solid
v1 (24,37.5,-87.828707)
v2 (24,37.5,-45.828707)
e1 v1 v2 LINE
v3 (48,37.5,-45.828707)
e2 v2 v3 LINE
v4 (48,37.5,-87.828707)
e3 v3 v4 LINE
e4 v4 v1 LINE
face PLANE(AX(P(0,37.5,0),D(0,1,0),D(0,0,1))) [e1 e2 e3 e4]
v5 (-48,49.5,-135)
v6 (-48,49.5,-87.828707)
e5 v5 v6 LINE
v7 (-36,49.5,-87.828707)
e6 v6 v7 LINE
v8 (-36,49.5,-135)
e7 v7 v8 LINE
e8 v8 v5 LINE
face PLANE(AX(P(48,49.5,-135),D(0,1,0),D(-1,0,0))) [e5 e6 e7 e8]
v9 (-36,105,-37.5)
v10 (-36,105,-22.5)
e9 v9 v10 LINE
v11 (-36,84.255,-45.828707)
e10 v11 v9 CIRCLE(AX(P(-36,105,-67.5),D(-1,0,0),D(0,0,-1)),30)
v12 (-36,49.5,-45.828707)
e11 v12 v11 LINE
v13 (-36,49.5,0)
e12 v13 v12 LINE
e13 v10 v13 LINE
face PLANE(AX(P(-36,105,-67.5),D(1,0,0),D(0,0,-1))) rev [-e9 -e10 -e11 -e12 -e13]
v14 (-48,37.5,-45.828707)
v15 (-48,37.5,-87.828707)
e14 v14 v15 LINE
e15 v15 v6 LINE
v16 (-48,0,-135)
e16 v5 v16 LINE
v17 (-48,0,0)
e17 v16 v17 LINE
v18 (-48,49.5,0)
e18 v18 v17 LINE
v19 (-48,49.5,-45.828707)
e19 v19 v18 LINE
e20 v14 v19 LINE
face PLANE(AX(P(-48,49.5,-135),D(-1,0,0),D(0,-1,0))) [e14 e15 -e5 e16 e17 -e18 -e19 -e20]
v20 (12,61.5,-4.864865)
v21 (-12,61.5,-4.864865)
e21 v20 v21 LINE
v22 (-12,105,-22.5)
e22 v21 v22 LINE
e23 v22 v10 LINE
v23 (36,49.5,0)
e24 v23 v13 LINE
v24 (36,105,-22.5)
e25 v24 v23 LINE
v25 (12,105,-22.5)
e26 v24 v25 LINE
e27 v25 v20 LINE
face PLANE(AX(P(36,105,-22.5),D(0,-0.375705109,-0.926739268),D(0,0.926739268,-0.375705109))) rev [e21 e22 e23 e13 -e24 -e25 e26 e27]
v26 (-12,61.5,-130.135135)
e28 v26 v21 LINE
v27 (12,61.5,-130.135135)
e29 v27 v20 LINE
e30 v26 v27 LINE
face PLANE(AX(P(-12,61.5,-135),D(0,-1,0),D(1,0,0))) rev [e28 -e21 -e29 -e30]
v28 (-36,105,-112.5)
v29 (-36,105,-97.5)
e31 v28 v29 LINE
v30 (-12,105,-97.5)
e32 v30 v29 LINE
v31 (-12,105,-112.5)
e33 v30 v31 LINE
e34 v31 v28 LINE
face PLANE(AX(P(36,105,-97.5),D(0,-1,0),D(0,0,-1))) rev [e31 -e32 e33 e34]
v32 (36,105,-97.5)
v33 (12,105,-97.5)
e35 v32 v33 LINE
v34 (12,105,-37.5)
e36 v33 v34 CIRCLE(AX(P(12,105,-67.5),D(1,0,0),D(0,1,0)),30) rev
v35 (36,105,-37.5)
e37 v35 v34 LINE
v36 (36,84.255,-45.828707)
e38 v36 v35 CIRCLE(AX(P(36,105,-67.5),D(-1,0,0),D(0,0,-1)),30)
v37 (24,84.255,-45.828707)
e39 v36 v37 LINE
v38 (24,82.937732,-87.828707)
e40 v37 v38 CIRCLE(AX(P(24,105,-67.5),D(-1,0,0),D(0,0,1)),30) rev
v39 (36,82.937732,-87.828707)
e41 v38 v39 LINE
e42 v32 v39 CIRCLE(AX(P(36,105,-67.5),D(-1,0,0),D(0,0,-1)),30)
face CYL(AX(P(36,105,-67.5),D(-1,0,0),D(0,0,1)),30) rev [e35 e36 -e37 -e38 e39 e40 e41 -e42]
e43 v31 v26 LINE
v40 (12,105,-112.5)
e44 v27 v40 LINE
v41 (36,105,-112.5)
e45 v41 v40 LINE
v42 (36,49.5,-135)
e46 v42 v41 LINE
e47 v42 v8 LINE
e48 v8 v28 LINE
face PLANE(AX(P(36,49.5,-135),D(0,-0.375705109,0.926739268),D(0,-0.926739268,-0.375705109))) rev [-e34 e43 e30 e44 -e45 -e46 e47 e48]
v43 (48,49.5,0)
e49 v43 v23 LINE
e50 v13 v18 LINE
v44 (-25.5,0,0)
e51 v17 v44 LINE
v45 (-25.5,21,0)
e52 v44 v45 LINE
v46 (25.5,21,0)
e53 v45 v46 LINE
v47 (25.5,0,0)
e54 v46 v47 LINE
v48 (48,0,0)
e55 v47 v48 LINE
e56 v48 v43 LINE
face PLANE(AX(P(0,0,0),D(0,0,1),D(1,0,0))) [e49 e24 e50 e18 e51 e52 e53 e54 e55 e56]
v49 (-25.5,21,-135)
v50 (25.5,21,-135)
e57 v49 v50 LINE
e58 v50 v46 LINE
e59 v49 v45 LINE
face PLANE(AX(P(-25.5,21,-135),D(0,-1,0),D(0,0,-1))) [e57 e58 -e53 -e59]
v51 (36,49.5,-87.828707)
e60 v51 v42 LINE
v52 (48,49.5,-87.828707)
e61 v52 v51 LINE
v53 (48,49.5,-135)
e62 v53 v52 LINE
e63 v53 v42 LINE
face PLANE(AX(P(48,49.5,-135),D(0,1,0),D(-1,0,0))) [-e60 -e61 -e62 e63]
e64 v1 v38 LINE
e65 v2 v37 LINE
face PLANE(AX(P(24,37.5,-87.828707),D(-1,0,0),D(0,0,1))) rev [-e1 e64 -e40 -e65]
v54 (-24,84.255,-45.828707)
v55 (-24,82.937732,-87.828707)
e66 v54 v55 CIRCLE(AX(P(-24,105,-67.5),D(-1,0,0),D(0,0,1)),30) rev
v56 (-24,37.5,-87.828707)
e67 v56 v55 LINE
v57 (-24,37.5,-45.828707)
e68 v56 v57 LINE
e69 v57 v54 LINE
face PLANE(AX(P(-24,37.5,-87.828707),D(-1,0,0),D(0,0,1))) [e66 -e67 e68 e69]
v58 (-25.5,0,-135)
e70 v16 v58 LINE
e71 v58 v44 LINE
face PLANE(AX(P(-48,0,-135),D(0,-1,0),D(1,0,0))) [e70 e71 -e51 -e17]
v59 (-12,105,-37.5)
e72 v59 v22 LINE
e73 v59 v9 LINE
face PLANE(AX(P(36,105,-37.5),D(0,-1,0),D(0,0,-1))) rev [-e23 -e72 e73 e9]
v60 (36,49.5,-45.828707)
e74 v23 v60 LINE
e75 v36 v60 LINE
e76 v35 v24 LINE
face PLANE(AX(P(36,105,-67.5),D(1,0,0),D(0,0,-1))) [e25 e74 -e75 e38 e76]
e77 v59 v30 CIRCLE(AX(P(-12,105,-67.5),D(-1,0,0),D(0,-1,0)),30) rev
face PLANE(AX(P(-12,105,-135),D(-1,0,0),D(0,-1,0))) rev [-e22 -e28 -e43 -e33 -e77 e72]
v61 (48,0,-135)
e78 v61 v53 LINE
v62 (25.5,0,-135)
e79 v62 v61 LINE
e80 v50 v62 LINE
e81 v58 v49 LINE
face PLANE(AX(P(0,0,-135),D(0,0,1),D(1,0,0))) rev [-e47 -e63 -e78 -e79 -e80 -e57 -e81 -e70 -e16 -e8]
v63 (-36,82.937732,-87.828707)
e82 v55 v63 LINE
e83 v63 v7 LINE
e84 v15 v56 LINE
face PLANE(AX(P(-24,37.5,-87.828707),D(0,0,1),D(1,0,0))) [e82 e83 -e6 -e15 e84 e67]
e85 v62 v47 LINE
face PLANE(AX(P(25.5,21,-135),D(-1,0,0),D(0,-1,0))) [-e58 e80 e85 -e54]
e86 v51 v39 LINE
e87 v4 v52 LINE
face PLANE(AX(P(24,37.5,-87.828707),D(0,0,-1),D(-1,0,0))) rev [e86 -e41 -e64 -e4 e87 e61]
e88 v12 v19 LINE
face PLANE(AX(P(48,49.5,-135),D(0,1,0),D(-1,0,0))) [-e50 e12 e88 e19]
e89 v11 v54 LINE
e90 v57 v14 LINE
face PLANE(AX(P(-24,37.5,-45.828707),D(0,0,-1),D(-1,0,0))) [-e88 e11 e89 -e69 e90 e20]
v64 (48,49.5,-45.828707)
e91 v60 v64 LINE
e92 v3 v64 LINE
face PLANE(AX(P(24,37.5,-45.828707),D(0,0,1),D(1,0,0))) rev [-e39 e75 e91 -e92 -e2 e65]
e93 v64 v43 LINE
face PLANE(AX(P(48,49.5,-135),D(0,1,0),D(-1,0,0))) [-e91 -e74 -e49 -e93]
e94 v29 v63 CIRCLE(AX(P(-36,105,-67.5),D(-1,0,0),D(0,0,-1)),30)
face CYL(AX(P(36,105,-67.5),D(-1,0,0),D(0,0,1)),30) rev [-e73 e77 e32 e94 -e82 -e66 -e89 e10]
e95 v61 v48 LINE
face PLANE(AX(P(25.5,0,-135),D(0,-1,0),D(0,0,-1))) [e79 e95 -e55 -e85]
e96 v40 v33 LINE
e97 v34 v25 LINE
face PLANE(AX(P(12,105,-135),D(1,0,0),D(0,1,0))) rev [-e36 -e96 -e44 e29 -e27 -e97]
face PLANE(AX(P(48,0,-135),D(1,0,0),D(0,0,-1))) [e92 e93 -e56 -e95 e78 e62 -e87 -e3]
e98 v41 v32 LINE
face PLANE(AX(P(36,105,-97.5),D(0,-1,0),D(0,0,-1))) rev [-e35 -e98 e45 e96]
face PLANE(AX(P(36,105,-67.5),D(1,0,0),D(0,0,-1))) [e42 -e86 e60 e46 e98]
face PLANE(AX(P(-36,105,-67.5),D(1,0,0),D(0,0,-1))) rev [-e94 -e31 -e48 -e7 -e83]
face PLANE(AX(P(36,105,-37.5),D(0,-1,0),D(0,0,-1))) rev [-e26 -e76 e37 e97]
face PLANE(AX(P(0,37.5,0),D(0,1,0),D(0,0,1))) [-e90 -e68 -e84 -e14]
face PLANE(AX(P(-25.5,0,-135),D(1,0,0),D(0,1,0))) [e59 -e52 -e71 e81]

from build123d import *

# Parameters (mm, degrees)
BOSS_EXTRUDE1_DEPTH      = 135
BOSS_EXTRUDE2_DEPTH      = 36
BOSS_EXTRUDE2_DEPTH_BACK = 36
SKETCH3_W                = 24
SKETCH3_H                = 43.5
CUT_EXTRUDE1_DEPTH       = 178.634456117
SKETCH4_W                = 24
SKETCH4_H                = 42
CUT_EXTRUDE2_DEPTH       = 67.5


with BuildPart() as part:
    # Sketch1 → Boss-Extrude1 (new body)
    with BuildSketch(Plane.XY):
        Polygon((-48, 49.5), (-48, 0), (-25.5, 0), (-25.5, 21), (25.5, 21), (25.5, 0), (48, 0), (48, 49.5), align=None)
    extrude(amount=-BOSS_EXTRUDE1_DEPTH)

    # Sketch2 → Boss-Extrude2 (add, two sides: drawn at the far end of the back side and taken through both)
    with BuildSketch(Plane(origin=(0, 0, 0), x_dir=(0, 0, -1), z_dir=(1, 0, 0)).offset(-BOSS_EXTRUDE2_DEPTH_BACK)):
        with BuildLine():
            Line((37.5, 105), (22.5, 105))
            Line((22.5, 105), (0, 49.5))
            Line((0, 49.5), (135, 49.5))
            Line((135, 49.5), (112.5, 105))
            Line((112.5, 105), (97.5, 105))
            ThreePointArc((97.5, 105), (67.5, 75), (37.5, 105))
        make_face()
    extrude(amount=BOSS_EXTRUDE2_DEPTH + BOSS_EXTRUDE2_DEPTH_BACK)

    # Sketch3 → Cut-Extrude1 (cut, through all)
    with BuildSketch(Plane.XY):
        with Locations((0, 83.25)):
            Rectangle(SKETCH3_W, SKETCH3_H)
    extrude(amount=-CUT_EXTRUDE1_DEPTH, mode=Mode.SUBTRACT)

    # Sketch4 → Cut-Extrude2 (cut)
    with BuildSketch(Plane(origin=(0, 105, 0), x_dir=(1, 0, 0), z_dir=(0, 1, 0))):
        with Locations((36, 66.828706639)):
            Rectangle(SKETCH4_W, SKETCH4_H)
    cut_extrude2 = extrude(amount=-CUT_EXTRUDE2_DEPTH, mode=Mode.SUBTRACT)

    # Mirror1: Cut-Extrude2 across plane
    add(cut_extrude2.mirror(Plane(origin=(0, 0, 0), x_dir=(0, 0, 1), z_dir=(1, 0, 0))), mode=Mode.SUBTRACT)


solid = part.part
